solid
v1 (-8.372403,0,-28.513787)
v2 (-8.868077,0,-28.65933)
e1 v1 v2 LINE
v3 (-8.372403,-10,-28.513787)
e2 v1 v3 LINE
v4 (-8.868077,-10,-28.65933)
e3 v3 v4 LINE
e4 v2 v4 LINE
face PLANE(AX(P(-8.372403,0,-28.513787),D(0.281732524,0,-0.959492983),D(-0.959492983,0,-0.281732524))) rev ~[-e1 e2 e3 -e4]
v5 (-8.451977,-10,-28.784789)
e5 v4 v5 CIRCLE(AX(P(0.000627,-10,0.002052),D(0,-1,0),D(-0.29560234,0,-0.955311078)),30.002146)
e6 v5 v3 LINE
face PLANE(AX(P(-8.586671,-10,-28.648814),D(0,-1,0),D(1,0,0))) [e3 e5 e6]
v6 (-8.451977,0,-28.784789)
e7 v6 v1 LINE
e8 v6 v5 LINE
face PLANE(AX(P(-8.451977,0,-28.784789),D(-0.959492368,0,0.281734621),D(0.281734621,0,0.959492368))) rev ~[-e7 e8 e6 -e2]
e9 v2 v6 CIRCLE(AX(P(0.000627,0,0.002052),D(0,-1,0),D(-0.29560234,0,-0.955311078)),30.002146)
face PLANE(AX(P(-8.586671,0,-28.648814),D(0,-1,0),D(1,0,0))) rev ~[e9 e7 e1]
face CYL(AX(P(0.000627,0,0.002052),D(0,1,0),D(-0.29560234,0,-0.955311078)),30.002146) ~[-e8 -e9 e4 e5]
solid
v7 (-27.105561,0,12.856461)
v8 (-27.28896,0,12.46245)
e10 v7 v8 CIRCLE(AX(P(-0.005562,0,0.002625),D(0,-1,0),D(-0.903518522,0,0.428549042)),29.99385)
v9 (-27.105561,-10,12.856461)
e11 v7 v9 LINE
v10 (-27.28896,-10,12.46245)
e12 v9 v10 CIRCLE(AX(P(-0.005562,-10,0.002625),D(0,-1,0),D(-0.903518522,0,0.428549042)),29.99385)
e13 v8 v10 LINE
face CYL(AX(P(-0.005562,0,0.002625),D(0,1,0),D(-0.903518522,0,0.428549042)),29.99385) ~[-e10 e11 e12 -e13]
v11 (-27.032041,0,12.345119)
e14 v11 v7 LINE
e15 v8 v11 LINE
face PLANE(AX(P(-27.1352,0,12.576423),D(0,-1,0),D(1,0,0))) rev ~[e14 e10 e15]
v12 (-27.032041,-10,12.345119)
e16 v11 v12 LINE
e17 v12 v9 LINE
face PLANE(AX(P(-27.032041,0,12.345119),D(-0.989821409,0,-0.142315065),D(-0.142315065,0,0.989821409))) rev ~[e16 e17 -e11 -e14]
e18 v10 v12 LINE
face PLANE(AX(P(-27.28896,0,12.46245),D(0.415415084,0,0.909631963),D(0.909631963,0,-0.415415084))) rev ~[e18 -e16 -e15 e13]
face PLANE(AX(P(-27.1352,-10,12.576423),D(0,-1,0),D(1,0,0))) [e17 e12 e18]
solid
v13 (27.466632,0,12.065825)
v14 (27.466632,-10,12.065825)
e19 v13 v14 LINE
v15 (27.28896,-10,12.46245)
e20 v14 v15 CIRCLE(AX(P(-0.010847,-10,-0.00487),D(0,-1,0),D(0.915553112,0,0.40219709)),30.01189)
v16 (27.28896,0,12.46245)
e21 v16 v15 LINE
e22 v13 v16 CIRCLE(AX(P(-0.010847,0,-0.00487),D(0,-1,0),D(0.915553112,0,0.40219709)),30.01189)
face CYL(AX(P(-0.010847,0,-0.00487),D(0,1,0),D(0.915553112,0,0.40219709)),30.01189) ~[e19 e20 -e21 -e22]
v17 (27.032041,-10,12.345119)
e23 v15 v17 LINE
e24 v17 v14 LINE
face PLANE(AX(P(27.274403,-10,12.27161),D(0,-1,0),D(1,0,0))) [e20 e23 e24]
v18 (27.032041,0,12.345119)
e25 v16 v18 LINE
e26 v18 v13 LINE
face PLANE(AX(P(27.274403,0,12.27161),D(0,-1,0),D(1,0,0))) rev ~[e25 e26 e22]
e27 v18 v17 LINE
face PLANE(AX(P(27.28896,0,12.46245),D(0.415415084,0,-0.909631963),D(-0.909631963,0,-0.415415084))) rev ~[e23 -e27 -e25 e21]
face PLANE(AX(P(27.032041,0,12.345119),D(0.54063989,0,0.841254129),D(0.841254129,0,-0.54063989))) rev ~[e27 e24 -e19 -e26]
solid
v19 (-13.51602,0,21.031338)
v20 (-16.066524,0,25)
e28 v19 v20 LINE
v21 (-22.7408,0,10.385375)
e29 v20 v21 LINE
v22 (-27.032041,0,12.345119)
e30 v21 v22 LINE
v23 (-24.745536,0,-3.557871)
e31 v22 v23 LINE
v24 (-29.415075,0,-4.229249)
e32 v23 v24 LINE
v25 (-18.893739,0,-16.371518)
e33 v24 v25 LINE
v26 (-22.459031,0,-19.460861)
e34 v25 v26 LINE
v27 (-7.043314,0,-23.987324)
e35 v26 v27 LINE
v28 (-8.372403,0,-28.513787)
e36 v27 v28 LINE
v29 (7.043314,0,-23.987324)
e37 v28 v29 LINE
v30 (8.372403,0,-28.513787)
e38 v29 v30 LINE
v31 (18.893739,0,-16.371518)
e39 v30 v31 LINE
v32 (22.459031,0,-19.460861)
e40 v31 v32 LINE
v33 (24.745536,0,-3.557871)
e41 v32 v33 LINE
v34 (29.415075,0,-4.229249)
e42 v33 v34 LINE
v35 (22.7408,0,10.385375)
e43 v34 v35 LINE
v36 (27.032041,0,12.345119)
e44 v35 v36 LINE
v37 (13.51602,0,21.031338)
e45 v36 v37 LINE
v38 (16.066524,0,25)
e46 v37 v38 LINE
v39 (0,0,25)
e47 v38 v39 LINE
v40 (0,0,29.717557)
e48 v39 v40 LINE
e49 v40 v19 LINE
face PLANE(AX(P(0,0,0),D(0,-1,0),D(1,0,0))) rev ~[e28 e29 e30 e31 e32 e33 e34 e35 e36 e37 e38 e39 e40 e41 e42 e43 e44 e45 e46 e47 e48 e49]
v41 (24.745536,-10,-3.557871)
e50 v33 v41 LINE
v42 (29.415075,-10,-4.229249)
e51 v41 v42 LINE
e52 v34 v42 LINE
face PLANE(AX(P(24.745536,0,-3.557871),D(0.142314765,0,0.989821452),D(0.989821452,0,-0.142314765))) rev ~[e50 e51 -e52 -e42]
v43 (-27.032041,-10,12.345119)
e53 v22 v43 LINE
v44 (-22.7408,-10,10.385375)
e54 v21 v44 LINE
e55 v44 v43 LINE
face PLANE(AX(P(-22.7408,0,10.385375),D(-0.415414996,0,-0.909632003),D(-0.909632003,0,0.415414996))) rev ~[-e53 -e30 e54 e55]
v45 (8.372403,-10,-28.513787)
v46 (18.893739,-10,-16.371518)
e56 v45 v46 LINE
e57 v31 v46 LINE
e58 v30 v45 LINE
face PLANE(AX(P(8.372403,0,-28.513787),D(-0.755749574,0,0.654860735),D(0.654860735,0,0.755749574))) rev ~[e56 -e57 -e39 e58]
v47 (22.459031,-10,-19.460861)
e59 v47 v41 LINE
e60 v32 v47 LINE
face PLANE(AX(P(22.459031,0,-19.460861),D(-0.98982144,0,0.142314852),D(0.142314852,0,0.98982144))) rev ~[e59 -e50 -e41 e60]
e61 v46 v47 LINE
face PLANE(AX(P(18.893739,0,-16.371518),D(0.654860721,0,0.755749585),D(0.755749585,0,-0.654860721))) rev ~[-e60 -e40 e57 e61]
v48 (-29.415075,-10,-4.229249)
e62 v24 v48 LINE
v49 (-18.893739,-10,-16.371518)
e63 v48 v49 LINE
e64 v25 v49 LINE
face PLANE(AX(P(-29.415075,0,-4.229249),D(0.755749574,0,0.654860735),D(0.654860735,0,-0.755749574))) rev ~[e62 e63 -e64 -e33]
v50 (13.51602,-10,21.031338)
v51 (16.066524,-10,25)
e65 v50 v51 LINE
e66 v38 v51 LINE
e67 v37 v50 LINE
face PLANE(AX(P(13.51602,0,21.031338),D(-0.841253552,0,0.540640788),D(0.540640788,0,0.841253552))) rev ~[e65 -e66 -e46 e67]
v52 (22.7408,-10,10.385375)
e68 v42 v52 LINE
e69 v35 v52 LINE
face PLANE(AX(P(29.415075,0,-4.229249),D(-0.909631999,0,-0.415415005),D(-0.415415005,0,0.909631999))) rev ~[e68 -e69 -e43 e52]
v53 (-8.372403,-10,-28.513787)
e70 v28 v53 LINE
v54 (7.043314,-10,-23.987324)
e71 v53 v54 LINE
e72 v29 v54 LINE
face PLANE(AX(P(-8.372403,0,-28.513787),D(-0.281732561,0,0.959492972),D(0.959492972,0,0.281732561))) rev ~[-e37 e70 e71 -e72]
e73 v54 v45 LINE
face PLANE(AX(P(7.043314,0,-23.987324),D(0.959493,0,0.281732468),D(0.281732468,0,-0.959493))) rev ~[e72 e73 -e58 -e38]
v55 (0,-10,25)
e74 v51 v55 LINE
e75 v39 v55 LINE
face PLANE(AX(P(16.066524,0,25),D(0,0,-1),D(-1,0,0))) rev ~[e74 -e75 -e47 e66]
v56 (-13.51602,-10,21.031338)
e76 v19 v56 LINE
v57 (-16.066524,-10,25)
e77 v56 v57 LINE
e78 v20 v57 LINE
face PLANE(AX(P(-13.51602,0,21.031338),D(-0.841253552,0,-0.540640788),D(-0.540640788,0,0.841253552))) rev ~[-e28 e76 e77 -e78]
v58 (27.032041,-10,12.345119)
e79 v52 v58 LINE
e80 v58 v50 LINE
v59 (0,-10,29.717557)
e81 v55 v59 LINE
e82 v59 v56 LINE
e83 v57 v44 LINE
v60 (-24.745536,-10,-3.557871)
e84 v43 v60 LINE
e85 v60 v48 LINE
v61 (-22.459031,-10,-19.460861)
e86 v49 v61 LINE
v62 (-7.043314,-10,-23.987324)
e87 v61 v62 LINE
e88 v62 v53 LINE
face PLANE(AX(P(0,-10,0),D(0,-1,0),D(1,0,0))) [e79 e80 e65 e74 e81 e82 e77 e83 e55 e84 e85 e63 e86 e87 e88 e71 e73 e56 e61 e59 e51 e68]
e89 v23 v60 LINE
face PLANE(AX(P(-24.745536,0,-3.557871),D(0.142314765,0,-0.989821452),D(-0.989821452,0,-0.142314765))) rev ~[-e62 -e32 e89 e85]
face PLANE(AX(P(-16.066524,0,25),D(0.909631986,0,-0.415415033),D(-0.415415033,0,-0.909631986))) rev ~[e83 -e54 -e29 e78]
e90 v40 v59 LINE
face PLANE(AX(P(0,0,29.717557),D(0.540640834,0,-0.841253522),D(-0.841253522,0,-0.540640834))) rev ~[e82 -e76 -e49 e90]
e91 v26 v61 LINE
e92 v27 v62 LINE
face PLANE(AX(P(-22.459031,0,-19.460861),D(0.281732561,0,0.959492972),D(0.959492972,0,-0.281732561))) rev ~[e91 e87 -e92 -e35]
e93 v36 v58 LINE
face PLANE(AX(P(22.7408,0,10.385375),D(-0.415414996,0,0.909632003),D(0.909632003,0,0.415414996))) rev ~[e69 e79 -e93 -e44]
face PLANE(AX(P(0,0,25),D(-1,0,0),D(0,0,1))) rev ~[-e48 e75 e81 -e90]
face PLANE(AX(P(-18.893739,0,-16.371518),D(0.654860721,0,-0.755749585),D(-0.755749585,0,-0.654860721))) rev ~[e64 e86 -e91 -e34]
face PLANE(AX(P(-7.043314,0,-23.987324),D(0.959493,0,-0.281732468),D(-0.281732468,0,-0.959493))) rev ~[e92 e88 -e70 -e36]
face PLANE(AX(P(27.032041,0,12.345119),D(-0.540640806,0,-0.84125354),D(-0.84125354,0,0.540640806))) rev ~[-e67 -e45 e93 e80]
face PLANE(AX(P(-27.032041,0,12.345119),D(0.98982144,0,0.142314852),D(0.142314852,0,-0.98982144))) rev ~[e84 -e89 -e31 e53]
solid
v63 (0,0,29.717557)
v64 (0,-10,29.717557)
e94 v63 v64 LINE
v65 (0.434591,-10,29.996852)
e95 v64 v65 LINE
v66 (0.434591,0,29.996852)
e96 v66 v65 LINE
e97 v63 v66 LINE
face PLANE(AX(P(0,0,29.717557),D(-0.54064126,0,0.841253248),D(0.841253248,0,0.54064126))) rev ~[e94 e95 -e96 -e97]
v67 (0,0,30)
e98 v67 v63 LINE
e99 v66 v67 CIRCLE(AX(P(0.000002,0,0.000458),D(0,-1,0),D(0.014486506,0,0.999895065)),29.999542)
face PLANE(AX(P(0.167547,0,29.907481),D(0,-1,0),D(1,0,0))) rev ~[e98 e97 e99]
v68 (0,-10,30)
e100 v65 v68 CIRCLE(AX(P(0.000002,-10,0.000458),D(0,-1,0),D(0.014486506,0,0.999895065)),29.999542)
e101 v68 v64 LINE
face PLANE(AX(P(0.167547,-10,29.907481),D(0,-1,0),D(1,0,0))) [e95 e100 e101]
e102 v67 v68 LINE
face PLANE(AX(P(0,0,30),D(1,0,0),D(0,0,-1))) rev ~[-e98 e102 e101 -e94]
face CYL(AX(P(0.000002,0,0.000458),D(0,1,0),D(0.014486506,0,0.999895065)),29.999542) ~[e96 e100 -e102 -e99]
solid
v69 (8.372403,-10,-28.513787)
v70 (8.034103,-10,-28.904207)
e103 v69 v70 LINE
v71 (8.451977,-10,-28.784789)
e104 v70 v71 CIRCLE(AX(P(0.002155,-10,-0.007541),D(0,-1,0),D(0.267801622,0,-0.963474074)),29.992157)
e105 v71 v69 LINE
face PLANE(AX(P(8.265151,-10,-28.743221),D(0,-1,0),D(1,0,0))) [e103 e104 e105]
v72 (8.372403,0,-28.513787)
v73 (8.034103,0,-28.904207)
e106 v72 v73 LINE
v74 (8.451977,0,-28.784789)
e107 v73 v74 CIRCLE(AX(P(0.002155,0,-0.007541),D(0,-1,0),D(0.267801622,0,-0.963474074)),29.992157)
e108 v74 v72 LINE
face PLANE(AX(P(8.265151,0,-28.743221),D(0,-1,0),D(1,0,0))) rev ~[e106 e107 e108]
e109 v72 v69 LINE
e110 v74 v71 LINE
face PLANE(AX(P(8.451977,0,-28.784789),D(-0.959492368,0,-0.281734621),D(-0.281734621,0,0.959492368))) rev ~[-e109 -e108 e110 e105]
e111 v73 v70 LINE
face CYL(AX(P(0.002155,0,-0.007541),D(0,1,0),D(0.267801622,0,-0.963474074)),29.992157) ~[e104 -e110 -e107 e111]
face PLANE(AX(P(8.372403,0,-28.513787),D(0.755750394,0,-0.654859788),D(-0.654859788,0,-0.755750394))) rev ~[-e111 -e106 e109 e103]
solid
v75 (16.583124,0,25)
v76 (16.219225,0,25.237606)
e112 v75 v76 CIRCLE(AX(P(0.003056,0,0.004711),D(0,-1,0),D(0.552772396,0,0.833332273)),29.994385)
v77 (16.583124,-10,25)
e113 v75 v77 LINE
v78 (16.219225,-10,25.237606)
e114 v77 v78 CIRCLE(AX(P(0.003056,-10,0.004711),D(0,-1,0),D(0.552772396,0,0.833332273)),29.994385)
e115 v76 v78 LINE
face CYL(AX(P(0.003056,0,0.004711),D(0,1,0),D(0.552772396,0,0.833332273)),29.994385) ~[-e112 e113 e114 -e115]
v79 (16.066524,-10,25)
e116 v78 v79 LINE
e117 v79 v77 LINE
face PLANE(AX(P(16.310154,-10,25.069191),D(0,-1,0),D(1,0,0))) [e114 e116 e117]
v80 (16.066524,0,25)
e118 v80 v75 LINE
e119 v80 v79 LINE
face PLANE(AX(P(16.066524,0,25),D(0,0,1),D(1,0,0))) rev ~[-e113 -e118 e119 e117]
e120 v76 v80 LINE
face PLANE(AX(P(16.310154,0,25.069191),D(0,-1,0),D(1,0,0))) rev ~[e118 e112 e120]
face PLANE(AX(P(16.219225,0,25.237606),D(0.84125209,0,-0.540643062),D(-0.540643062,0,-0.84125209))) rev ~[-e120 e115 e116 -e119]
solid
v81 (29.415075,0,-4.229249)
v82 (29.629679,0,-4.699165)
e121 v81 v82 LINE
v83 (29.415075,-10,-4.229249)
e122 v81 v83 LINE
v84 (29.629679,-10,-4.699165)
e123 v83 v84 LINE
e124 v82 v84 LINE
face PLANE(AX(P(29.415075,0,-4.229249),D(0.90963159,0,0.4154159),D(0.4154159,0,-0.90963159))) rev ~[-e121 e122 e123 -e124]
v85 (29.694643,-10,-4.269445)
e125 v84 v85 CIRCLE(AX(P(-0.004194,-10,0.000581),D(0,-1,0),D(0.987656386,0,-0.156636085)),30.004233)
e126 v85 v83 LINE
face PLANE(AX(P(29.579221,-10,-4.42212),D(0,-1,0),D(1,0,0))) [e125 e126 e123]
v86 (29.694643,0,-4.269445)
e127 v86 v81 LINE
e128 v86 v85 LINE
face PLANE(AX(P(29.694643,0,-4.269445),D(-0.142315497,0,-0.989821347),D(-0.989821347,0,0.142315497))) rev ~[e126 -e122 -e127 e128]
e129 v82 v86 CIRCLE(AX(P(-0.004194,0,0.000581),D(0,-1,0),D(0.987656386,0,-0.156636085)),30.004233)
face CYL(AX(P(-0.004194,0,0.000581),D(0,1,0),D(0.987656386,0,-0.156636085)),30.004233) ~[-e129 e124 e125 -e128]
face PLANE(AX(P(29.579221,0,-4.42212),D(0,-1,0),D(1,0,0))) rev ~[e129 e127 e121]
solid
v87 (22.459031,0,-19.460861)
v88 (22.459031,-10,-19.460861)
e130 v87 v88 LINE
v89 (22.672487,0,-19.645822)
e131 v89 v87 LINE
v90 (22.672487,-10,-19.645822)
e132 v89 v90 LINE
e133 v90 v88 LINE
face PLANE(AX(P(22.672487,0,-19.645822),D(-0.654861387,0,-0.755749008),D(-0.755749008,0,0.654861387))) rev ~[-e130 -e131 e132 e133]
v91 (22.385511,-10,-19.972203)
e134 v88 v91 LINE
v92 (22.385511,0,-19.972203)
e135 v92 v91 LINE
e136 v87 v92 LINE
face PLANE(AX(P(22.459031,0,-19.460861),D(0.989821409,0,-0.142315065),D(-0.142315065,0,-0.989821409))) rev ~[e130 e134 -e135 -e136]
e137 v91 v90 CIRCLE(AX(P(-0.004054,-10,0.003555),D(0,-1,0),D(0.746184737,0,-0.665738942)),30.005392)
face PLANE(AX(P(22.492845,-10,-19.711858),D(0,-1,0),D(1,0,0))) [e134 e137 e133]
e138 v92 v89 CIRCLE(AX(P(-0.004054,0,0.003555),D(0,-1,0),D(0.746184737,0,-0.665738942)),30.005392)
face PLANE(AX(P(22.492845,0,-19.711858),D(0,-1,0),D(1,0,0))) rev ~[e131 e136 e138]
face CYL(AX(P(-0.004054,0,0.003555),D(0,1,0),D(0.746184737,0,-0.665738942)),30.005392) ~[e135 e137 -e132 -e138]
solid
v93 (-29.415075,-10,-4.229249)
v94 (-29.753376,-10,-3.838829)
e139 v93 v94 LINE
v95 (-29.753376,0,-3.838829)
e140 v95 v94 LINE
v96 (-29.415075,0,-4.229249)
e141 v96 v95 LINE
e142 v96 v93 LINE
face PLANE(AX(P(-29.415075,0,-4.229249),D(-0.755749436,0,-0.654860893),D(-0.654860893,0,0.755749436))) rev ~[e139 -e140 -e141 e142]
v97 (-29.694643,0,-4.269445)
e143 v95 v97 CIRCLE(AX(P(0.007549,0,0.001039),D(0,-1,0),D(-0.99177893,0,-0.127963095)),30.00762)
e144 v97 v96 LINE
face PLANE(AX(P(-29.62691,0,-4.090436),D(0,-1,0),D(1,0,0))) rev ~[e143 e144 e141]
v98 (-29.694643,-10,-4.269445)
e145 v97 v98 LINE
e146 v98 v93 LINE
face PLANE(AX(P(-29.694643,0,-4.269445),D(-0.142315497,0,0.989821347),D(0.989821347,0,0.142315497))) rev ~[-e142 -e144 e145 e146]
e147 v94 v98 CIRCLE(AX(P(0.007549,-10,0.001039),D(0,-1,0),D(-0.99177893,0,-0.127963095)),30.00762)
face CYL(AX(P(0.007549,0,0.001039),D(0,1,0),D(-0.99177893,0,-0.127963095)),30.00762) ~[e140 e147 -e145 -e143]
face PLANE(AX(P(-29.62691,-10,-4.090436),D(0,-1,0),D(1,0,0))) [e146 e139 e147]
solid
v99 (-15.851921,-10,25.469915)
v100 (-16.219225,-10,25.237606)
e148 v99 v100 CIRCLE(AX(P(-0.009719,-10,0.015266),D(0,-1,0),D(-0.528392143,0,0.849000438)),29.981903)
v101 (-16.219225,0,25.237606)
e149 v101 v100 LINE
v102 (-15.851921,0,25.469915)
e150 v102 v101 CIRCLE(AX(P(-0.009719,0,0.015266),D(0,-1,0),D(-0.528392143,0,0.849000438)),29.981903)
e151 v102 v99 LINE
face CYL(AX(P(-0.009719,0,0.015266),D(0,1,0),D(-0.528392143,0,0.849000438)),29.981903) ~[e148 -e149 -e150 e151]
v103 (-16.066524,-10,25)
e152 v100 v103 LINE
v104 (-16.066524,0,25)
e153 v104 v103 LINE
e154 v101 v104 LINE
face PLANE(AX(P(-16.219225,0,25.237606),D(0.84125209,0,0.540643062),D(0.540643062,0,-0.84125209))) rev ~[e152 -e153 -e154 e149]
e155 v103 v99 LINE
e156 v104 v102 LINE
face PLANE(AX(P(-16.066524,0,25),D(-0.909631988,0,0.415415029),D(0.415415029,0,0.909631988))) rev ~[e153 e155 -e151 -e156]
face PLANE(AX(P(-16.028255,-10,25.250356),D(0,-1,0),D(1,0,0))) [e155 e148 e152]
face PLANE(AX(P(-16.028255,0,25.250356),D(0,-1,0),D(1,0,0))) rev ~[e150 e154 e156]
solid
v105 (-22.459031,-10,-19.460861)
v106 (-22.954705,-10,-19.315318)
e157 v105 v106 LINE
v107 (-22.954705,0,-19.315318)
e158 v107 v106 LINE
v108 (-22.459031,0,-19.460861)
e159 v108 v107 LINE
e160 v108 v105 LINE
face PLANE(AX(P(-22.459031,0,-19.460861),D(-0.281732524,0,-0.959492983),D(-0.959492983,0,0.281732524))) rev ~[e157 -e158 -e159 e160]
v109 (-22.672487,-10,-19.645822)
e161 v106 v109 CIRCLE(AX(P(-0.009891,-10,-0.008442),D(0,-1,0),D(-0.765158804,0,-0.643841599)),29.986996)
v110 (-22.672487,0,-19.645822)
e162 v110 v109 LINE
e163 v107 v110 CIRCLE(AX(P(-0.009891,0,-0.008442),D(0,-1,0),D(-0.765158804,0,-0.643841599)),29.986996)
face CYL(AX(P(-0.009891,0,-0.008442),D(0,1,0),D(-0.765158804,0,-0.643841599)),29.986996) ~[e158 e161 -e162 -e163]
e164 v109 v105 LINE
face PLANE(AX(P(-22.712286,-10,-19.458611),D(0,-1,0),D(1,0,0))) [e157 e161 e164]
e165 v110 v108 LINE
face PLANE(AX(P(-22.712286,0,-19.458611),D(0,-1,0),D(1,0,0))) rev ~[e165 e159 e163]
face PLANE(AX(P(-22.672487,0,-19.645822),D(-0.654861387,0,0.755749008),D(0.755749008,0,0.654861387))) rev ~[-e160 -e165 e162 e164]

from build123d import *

# Parameters (mm, degrees)
F1_DEPTH = 10


with BuildPart() as f1:
    # F0 (on Front) → F1 (new body)
    with BuildSketch(Plane.XZ):
        with BuildLine():
            Line((16.066524, 25), (16.583124, 25))
            ThreePointArc((16.583124, 25), (16.401605, 25.119462), (16.219225, 25.237606))
            Line((16.219225, 25.237606), (16.066524, 25))
        make_face()
        with BuildLine():
            Line((27.28896, 12.46245), (27.032041, 12.345119))
            Line((27.032041, 12.345119), (27.466632, 12.065825))
            ThreePointArc((27.466632, 12.065825), (27.378514, 12.264459), (27.28896, 12.46245))
        make_face()
        with BuildLine():
            Line((29.694643, -4.269445), (29.415075, -4.229249))
            Line((29.415075, -4.229249), (29.629679, -4.699165))
            ThreePointArc((29.629679, -4.699165), (29.662939, -4.484423), (29.694643, -4.269445))
        make_face()
        with BuildLine():
            Line((22.672487, -19.645822), (22.459031, -19.460861))
            Line((22.459031, -19.460861), (22.385511, -19.972203))
            ThreePointArc((22.385511, -19.972203), (22.52959, -19.809532), (22.672487, -19.645822))
        make_face()
        with BuildLine():
            Line((8.451977, -28.784789), (8.372403, -28.513787))
            Line((8.372403, -28.513787), (8.034103, -28.904207))
            ThreePointArc((8.034103, -28.904207), (8.243256, -28.845255), (8.451977, -28.784789))
        make_face()
        with BuildLine():
            Line((-8.451977, -28.784789), (-8.372403, -28.513787))
            Line((-8.372403, -28.513787), (-8.868077, -28.65933))
            ThreePointArc((-8.868077, -28.65933), (-8.660254, -28.722813), (-8.451977, -28.784789))
        make_face()
        with BuildLine():
            Line((-22.672487, -19.645822), (-22.459031, -19.460861))
            Line((-22.459031, -19.460861), (-22.954705, -19.315318))
            ThreePointArc((-22.954705, -19.315318), (-22.814195, -19.481081), (-22.672487, -19.645822))
        make_face()
        with BuildLine():
            Line((-29.694643, -4.269445), (-29.415075, -4.229249))
            Line((-29.415075, -4.229249), (-29.753376, -3.838829))
            ThreePointArc((-29.753376, -3.838829), (-29.724789, -4.054244), (-29.694643, -4.269445))
        make_face()
        with BuildLine():
            Line((-27.28896, 12.46245), (-27.032041, 12.345119))
            Line((-27.032041, 12.345119), (-27.105561, 12.856461))
            ThreePointArc((-27.105561, 12.856461), (-27.197974, 12.659788), (-27.28896, 12.46245))
        make_face()
        with BuildLine():
            Line((-16.219225, 25.237606), (-16.066524, 25))
            Line((-16.066524, 25), (-15.851921, 25.469915))
            ThreePointArc((-15.851921, 25.469915), (-16.035994, 25.354426), (-16.219225, 25.237606))
        make_face()
        with BuildLine():
            Line((0, 30), (0, 29.717557))
            Line((0, 29.717557), (0.434591, 29.996852))
            ThreePointArc((0.434591, 29.996852), (0.217301, 29.999213), (0, 30))
        make_face()
        Polygon((13.51602, 21.031338), (16.066524, 25), (0, 25), (0, 29.717557), (-13.51602, 21.031338), (-16.066524, 25), (-22.7408, 10.385375), (-27.032041, 12.345119), (-24.745536, -3.557871), (-29.415075, -4.229249), (-18.893739, -16.371518), (-22.459031, -19.460861), (-7.043314, -23.987324), (-8.372403, -28.513787), (7.043314, -23.987324), (8.372403, -28.513787), (18.893739, -16.371518), (22.459031, -19.460861), (24.745536, -3.557871), (29.415075, -4.229249), (22.7408, 10.385375), (27.032041, 12.345119), align=None)
    extrude(amount=F1_DEPTH)


solid = f1.part
